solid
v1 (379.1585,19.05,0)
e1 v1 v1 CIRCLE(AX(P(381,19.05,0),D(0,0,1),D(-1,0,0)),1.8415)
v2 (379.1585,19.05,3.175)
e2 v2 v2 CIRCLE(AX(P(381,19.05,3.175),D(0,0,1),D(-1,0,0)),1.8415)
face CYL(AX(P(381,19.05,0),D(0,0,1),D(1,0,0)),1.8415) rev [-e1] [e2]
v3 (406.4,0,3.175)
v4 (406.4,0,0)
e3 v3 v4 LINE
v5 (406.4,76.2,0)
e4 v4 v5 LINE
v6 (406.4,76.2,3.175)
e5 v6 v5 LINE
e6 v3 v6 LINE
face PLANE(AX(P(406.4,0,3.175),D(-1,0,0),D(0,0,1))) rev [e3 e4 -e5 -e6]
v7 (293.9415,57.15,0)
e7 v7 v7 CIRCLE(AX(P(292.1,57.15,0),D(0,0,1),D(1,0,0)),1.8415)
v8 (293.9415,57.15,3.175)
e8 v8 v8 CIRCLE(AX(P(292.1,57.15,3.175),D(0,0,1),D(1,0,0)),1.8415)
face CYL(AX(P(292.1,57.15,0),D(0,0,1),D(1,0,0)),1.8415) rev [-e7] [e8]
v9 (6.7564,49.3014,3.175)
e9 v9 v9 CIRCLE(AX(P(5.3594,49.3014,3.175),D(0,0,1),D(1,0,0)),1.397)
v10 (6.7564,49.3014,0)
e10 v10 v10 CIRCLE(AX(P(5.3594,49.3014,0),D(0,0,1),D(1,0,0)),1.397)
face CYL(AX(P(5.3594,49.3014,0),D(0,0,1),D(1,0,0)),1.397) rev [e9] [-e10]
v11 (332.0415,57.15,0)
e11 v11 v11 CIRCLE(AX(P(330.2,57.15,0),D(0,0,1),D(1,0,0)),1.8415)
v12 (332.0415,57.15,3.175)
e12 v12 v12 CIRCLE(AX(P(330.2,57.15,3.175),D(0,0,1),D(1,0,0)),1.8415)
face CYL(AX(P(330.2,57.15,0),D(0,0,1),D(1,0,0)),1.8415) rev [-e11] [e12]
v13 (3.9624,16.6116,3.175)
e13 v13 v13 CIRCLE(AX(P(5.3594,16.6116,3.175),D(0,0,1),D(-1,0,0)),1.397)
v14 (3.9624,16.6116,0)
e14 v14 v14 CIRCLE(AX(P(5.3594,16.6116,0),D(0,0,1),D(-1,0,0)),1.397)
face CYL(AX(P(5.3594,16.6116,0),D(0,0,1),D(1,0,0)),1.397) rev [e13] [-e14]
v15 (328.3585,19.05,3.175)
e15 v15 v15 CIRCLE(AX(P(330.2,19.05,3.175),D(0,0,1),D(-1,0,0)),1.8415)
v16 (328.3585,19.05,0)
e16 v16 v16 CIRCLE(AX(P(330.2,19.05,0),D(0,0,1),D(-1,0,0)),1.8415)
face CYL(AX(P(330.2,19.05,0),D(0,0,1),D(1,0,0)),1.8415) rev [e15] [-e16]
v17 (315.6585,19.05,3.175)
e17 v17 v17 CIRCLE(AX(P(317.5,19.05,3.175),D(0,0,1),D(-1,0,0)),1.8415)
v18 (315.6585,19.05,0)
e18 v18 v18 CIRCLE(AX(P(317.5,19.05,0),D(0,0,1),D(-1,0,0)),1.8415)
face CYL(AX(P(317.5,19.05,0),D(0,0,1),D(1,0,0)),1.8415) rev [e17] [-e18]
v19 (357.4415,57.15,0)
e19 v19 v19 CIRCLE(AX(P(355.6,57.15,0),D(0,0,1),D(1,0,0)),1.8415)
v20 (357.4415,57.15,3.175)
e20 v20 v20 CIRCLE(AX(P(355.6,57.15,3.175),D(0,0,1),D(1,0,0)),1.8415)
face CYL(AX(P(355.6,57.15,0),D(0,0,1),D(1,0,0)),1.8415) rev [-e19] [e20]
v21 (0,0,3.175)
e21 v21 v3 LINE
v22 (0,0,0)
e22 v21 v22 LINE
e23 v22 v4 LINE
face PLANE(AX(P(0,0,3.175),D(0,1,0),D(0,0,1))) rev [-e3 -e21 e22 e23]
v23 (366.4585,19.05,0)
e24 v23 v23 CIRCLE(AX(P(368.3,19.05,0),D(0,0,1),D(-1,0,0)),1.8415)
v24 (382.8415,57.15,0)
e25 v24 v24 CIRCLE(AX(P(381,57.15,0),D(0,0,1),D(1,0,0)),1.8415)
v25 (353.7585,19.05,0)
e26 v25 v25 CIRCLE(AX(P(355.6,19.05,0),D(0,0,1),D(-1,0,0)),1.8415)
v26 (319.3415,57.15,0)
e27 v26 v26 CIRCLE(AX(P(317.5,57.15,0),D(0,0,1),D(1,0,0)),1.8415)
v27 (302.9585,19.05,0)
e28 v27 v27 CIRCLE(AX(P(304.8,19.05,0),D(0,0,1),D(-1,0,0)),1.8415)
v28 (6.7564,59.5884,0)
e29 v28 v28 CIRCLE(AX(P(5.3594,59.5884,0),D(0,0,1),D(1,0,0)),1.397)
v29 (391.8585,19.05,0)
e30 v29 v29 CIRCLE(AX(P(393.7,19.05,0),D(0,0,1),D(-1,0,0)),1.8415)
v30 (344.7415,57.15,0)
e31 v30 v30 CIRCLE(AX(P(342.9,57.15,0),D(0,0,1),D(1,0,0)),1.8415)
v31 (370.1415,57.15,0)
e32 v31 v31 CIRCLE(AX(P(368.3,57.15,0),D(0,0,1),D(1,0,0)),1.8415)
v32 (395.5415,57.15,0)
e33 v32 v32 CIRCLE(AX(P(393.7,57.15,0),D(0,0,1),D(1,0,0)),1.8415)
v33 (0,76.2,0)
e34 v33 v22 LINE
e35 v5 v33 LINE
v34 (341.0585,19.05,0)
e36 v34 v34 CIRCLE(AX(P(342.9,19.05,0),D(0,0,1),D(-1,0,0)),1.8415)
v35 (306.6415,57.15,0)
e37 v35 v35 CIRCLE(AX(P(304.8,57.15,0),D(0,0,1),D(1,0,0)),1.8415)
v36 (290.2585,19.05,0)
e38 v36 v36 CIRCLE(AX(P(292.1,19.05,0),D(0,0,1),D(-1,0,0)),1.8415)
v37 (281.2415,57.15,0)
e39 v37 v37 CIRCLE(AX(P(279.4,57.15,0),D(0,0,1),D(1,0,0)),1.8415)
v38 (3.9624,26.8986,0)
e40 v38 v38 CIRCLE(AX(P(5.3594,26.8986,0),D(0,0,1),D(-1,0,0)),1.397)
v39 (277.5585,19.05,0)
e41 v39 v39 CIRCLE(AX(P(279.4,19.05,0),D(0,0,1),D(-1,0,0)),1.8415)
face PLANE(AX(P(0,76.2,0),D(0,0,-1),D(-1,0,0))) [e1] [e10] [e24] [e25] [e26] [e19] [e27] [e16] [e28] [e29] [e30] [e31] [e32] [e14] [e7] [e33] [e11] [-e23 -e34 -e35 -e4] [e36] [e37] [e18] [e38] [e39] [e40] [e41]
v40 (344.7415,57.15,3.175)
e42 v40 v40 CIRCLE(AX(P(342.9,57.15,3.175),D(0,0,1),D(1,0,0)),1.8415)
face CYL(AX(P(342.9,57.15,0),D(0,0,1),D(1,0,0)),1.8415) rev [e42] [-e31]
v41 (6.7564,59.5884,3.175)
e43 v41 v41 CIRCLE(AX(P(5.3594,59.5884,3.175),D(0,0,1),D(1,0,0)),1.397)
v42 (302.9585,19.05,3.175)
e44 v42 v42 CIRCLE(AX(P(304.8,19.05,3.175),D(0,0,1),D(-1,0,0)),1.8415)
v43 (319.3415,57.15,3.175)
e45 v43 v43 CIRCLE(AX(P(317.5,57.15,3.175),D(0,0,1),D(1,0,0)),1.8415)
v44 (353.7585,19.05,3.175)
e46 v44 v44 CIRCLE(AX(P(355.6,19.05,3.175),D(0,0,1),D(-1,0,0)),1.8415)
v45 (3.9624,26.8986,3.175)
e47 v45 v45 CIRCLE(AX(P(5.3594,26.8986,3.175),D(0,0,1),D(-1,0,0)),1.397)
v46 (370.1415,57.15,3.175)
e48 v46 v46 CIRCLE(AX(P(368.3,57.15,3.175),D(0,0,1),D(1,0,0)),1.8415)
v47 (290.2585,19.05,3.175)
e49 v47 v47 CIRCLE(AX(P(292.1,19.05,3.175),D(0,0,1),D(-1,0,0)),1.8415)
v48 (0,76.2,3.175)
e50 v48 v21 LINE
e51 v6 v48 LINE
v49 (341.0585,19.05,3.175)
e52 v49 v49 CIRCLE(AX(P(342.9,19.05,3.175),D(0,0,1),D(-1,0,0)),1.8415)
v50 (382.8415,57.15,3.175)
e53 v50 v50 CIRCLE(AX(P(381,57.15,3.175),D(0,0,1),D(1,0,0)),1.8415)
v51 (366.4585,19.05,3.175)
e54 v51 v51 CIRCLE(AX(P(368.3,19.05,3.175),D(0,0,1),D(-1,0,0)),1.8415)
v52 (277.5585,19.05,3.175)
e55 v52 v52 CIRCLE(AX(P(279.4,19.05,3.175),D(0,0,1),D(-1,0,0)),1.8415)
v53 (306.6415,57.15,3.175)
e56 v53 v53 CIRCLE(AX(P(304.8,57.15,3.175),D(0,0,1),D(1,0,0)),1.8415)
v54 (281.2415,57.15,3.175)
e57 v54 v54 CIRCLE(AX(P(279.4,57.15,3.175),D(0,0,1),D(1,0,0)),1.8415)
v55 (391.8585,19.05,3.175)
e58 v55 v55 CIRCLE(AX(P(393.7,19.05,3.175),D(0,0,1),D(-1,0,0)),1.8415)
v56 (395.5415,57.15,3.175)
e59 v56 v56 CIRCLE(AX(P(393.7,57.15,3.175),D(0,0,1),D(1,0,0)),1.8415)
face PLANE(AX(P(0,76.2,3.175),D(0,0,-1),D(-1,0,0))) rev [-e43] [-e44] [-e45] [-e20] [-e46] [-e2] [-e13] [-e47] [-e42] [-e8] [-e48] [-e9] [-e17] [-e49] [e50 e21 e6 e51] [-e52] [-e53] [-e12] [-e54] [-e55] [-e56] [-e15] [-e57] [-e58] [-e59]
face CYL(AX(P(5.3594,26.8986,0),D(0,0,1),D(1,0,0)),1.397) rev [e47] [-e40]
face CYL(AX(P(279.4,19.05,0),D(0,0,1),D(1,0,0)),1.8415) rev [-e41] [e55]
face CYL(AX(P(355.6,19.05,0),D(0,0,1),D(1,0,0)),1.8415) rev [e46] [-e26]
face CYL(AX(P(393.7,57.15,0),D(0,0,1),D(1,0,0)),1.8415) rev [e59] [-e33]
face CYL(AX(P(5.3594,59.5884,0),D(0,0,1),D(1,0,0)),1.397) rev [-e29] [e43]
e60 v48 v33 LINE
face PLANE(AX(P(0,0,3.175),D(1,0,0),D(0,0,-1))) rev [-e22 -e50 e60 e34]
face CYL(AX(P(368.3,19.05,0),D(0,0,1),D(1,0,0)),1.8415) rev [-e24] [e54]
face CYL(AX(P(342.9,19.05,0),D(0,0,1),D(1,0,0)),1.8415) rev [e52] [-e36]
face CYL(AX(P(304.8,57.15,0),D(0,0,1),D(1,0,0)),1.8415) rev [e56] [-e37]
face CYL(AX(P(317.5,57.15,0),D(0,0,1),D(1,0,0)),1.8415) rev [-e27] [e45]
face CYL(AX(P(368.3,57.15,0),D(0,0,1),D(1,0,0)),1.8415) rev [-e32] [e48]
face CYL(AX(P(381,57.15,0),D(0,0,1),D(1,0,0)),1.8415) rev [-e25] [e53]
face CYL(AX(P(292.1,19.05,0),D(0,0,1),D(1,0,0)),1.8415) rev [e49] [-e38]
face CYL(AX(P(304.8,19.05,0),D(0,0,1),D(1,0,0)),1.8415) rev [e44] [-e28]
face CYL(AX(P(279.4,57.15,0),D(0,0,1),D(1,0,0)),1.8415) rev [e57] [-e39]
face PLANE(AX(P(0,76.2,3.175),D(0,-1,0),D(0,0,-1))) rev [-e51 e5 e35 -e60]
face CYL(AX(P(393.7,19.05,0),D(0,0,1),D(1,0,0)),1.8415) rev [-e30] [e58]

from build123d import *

# Parameters (mm, degrees)
SKETCH1_W             = 406.4
SKETCH1_H             = 76.2
BASIC_PLANK_DEPTH     = 3.175
SKETCH5_R             = 1.397
BRACKET_HOLES_DEPTH   = 4.175
SKETCH6_R             = 1.8415
PLACEMENT_HOLES_DEPTH = 4.175


with BuildPart() as part:
    # Sketch1 → basic_plank (new body)
    with BuildSketch(Plane.XY):
        with Locations((203.2, 38.1)):
            Rectangle(SKETCH1_W, SKETCH1_H)
    extrude(amount=BASIC_PLANK_DEPTH)

    # Sketch5 → bracket holes (cut, through all)
    with BuildSketch(Plane.XY.offset(3.175)):
        with Locations((5.3594, 59.5884)):
            Circle(SKETCH5_R)
        with Locations((5.3594, 16.6116)):
            Circle(SKETCH5_R)
        with Locations((5.3594, 49.3014)):
            Circle(SKETCH5_R)
        with Locations((5.3594, 26.8986)):
            Circle(SKETCH5_R)
    extrude(amount=-BRACKET_HOLES_DEPTH, mode=Mode.SUBTRACT)

    # Sketch6 → placement holes (cut, through all)
    with BuildSketch(Plane.XY.offset(3.175)):
        with Locations((279.4, 57.15)):
            Circle(SKETCH6_R)
        with Locations((292.1, 57.15)):
            Circle(SKETCH6_R)
        with Locations((304.8, 57.15)):
            Circle(SKETCH6_R)
        with Locations((317.5, 57.15)):
            Circle(SKETCH6_R)
        with Locations((330.2, 57.15)):
            Circle(SKETCH6_R)
        with Locations((342.9, 57.15)):
            Circle(SKETCH6_R)
        with Locations((355.6, 57.15)):
            Circle(SKETCH6_R)
        with Locations((368.3, 57.15)):
            Circle(SKETCH6_R)
        with Locations((381, 57.15)):
            Circle(SKETCH6_R)
        with Locations((393.7, 57.15)):
            Circle(SKETCH6_R)
        with Locations((393.7, 19.05)):
            Circle(SKETCH6_R)
        with Locations((381, 19.05)):
            Circle(SKETCH6_R)
        with Locations((368.3, 19.05)):
            Circle(SKETCH6_R)
        with Locations((355.6, 19.05)):
            Circle(SKETCH6_R)
        with Locations((342.9, 19.05)):
            Circle(SKETCH6_R)
        with Locations((330.2, 19.05)):
            Circle(SKETCH6_R)
        with Locations((317.5, 19.05)):
            Circle(SKETCH6_R)
        with Locations((304.8, 19.05)):
            Circle(SKETCH6_R)
        with Locations((292.1, 19.05)):
            Circle(SKETCH6_R)
        with Locations((279.4, 19.05)):
            Circle(SKETCH6_R)
    extrude(amount=-PLACEMENT_HOLES_DEPTH, mode=Mode.SUBTRACT)


solid = part.part
